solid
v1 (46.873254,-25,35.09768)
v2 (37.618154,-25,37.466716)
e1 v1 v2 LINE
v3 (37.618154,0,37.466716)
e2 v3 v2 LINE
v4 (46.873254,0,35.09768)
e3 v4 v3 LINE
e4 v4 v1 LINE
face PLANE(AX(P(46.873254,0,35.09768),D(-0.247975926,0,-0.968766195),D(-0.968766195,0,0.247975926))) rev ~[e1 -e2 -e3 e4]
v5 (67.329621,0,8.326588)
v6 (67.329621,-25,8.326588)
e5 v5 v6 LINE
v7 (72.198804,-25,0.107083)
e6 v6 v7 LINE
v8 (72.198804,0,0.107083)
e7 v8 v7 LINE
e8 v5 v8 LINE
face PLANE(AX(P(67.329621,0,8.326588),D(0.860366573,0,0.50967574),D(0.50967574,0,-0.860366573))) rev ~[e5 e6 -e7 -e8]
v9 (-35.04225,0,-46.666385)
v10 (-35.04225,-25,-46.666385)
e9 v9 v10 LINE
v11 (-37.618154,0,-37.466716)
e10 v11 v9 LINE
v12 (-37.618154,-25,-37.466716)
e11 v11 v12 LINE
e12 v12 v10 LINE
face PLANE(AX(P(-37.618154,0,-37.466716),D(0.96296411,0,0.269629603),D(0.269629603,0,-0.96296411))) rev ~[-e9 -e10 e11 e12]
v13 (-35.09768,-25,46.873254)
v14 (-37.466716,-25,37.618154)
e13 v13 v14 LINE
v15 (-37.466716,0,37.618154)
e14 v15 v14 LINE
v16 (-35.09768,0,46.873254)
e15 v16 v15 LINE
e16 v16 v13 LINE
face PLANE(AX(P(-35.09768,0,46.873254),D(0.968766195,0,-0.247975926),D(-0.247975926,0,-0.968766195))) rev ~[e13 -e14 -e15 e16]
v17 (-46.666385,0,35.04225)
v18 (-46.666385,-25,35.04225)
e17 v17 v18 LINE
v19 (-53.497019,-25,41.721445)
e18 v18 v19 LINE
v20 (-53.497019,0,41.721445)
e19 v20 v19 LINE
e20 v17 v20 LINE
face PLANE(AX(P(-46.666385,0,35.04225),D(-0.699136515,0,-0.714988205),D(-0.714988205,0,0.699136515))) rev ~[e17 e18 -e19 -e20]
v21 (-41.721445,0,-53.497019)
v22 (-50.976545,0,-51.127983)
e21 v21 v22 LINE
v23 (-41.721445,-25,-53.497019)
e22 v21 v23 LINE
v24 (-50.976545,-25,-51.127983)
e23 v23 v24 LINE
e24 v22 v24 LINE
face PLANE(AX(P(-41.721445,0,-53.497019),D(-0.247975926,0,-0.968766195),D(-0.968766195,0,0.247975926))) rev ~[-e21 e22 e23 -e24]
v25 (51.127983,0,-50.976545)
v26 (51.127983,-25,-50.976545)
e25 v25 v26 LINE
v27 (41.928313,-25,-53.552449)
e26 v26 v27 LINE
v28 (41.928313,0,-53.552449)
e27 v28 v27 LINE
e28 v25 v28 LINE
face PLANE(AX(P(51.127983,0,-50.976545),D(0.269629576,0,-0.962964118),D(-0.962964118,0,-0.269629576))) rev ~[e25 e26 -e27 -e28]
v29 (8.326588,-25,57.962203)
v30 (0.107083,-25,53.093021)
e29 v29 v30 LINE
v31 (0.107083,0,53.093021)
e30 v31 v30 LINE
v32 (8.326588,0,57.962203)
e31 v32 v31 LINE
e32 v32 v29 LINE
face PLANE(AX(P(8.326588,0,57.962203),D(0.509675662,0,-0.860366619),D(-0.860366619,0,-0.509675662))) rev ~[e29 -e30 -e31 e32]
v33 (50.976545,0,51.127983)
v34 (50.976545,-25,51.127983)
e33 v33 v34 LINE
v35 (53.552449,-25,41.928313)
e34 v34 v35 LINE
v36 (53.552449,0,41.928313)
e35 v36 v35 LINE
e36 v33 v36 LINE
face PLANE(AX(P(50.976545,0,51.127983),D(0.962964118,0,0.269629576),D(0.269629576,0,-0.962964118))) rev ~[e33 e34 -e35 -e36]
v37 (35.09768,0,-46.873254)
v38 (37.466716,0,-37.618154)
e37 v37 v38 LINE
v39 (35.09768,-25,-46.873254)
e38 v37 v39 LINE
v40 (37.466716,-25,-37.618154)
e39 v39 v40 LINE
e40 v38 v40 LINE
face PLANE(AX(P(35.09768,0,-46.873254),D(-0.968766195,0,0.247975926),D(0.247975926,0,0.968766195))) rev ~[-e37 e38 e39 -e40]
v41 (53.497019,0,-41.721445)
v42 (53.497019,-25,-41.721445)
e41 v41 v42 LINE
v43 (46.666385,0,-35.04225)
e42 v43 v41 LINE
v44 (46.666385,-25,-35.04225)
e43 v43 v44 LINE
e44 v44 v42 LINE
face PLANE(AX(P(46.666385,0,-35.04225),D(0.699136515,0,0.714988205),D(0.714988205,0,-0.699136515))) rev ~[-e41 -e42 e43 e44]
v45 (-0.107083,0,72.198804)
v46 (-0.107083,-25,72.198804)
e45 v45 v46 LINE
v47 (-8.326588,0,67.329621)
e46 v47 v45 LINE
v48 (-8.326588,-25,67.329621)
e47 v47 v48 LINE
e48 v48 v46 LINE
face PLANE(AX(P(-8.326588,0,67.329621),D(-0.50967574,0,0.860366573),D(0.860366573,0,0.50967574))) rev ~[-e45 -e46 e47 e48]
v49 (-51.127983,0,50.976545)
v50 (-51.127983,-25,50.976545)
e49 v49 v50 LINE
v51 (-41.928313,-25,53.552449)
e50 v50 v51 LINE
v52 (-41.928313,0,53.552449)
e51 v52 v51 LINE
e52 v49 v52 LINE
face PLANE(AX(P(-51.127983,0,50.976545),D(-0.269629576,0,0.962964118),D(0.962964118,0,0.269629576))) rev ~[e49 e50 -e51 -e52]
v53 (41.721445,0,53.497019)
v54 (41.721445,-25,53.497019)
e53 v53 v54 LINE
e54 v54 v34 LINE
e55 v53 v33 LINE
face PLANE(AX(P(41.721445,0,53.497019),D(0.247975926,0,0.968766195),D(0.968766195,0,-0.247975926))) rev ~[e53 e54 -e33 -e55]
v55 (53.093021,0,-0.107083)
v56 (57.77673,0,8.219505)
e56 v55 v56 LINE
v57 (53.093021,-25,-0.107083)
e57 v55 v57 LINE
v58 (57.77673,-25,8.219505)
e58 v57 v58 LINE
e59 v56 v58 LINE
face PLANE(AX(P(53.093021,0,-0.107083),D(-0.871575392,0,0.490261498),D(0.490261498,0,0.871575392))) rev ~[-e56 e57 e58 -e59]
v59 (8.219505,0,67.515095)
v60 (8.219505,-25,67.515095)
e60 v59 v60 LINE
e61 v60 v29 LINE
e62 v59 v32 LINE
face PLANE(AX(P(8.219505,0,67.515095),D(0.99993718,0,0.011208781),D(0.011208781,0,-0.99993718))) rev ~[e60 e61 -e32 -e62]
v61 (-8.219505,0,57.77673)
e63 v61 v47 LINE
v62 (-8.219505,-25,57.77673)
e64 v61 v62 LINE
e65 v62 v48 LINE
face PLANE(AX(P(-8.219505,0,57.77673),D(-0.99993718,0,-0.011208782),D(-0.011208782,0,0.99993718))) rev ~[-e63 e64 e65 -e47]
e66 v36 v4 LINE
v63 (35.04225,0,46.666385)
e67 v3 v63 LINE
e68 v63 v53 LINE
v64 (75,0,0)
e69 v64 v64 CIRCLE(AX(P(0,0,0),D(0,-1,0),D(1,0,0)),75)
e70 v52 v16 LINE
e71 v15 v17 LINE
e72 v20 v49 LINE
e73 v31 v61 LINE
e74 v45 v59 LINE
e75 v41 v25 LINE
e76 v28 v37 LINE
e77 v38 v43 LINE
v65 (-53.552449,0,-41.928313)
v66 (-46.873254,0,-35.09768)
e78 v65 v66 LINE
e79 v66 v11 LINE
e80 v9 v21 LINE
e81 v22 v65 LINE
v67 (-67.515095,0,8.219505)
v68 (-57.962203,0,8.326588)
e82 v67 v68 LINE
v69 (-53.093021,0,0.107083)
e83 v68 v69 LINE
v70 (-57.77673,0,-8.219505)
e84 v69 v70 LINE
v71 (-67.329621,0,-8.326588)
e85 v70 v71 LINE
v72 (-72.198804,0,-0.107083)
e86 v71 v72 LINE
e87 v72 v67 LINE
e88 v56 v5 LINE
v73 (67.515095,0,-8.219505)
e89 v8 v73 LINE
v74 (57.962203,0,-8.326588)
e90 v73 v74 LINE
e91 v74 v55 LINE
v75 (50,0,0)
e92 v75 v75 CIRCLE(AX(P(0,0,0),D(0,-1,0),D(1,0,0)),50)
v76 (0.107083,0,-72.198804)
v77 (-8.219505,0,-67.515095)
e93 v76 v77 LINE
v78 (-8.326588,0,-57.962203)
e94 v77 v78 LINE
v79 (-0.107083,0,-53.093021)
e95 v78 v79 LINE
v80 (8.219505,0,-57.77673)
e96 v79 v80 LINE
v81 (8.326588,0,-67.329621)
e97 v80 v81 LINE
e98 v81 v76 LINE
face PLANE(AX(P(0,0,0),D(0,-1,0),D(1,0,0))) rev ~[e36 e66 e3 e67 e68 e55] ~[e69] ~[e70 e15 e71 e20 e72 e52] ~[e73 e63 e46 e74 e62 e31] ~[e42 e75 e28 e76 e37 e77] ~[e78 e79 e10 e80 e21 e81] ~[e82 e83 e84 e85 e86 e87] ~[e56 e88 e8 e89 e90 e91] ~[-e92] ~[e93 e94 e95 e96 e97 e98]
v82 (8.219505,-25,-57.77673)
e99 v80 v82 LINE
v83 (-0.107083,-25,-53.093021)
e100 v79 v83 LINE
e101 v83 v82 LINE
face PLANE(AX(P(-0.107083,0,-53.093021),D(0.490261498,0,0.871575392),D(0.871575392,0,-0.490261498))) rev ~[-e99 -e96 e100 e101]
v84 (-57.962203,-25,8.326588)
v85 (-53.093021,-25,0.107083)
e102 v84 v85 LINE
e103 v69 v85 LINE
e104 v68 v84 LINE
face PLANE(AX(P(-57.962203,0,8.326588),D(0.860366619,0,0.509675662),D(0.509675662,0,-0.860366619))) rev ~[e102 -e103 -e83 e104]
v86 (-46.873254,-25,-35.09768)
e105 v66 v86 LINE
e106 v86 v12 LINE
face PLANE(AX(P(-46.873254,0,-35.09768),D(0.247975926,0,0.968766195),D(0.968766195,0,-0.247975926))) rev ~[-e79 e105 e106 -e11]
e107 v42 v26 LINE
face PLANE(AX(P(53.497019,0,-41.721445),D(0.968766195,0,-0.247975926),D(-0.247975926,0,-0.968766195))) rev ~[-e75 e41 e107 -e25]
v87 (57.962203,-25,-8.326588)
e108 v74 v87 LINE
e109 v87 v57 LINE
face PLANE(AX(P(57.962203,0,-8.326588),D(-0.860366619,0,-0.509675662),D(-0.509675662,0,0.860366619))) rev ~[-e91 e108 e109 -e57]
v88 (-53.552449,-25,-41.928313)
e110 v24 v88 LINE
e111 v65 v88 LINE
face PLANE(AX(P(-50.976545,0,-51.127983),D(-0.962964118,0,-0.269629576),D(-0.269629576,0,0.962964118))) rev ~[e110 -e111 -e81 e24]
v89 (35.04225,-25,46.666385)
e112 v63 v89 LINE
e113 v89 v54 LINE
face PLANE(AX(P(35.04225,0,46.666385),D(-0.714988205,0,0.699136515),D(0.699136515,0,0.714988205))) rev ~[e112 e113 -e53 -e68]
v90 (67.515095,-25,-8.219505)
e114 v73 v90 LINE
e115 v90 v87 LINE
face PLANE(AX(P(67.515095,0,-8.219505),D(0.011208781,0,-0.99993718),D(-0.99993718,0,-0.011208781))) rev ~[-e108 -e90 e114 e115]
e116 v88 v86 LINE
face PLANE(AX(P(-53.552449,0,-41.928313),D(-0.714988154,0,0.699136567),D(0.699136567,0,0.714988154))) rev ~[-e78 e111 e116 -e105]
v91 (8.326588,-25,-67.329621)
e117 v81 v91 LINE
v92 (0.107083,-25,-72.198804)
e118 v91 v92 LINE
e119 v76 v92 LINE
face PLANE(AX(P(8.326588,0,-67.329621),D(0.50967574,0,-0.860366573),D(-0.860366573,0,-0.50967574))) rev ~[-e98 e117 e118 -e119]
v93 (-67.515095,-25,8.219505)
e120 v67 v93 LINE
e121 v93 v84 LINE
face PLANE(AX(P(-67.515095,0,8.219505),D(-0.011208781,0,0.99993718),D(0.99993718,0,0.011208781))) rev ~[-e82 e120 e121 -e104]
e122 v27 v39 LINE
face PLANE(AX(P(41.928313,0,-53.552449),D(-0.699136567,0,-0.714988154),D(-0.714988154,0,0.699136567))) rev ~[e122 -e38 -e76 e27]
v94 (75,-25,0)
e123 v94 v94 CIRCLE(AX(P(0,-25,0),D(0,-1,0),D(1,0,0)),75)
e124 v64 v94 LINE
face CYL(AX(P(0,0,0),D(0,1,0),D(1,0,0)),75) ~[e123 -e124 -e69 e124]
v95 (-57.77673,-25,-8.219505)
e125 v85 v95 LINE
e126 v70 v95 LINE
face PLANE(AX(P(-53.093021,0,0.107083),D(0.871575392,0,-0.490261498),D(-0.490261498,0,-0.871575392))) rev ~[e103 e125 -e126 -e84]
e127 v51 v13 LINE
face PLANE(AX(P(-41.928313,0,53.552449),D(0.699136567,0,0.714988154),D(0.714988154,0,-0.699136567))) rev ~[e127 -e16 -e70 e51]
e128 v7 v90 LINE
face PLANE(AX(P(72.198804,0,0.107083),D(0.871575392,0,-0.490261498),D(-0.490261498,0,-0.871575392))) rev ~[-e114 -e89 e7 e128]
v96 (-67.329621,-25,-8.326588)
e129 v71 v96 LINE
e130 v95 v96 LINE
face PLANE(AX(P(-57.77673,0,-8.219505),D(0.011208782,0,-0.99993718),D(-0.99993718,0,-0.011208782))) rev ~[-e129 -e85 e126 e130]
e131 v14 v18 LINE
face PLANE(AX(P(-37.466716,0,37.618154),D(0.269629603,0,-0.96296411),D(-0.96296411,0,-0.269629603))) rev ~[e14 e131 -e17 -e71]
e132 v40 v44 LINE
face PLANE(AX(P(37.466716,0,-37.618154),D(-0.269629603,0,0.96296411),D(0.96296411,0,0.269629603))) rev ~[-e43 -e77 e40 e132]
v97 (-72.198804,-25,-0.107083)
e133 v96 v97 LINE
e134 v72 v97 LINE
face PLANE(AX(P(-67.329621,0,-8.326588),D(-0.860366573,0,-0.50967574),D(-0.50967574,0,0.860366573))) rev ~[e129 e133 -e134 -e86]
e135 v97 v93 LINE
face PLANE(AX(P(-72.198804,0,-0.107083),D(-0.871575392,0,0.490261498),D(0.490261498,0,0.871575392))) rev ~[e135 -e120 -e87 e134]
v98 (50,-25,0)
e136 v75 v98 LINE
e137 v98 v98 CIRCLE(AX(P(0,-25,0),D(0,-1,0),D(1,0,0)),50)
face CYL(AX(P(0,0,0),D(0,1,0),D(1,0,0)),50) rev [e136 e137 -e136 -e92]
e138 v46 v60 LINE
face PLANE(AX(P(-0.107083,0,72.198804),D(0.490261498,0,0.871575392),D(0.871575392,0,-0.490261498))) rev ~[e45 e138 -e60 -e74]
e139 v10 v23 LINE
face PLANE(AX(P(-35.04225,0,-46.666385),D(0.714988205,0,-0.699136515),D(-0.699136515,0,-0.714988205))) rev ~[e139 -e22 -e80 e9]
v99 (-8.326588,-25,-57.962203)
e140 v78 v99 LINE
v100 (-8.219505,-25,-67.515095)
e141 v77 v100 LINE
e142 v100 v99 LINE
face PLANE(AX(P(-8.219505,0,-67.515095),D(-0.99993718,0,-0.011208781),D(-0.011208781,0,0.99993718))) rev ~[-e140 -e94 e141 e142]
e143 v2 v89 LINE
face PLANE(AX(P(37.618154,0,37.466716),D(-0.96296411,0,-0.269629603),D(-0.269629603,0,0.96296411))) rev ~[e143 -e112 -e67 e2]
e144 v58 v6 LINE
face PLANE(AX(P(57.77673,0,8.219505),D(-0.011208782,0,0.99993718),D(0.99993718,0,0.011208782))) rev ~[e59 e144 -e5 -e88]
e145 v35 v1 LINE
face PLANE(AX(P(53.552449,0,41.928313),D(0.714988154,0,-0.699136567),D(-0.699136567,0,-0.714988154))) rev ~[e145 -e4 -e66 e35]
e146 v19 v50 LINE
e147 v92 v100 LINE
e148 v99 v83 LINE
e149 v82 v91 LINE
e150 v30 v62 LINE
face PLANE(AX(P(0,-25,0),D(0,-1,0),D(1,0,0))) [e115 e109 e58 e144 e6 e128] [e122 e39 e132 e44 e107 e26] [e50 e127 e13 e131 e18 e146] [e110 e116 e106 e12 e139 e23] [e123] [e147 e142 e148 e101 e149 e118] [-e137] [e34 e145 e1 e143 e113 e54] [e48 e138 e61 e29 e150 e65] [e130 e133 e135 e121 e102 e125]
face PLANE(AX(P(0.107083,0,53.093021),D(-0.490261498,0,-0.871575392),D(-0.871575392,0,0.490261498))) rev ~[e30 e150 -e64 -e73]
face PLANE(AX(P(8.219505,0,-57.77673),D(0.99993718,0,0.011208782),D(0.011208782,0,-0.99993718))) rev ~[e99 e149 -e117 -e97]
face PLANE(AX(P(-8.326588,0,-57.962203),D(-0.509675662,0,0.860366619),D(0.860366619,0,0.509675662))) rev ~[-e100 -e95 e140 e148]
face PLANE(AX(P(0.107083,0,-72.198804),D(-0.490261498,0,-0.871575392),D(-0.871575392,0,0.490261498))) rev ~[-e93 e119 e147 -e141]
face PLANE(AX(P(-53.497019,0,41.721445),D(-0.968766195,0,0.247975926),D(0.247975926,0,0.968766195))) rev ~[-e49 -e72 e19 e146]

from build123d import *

# Parameters (mm, degrees)
F0_R     = 75
F0_R_2   = 50
F1_DEPTH = 25


with BuildPart() as f1:
    # F0 (on Front) → F1 (new body)
    with BuildSketch(Plane.XZ):
        Circle(F0_R)
        Polygon((-41.721445, -53.497019), (-50.976545, -51.127983), (-53.552449, -41.928313), (-46.873254, -35.09768), (-37.618154, -37.466716), (-35.04225, -46.666385), align=None, mode=Mode.SUBTRACT)
        Polygon((8.326588, -67.329621), (0.107083, -72.198804), (-8.219505, -67.515095), (-8.326588, -57.962203), (-0.107083, -53.093021), (8.219505, -57.77673), align=None, mode=Mode.SUBTRACT)
        Polygon((53.497019, -41.721445), (51.127983, -50.976545), (41.928313, -53.552449), (35.09768, -46.873254), (37.466716, -37.618154), (46.666385, -35.04225), align=None, mode=Mode.SUBTRACT)
        Polygon((67.329621, 8.326588), (72.198804, 0.107083), (67.515095, -8.219505), (57.962203, -8.326588), (53.093021, -0.107083), (57.77673, 8.219505), align=None, mode=Mode.SUBTRACT)
        Polygon((-67.329621, -8.326588), (-72.198804, -0.107083), (-67.515095, 8.219505), (-57.962203, 8.326588), (-53.093021, 0.107083), (-57.77673, -8.219505), align=None, mode=Mode.SUBTRACT)
        Polygon((-53.497019, 41.721445), (-51.127983, 50.976545), (-41.928313, 53.552449), (-35.09768, 46.873254), (-37.466716, 37.618154), (-46.666385, 35.04225), align=None, mode=Mode.SUBTRACT)
        Circle(F0_R_2, mode=Mode.SUBTRACT)
        Polygon((-8.326588, 67.329621), (-0.107083, 72.198804), (8.219505, 67.515095), (8.326588, 57.962203), (0.107083, 53.093021), (-8.219505, 57.77673), align=None, mode=Mode.SUBTRACT)
        Polygon((41.721445, 53.497019), (50.976545, 51.127983), (53.552449, 41.928313), (46.873254, 35.09768), (37.618154, 37.466716), (35.04225, 46.666385), align=None, mode=Mode.SUBTRACT)
    extrude(amount=F1_DEPTH)


solid = f1.part
